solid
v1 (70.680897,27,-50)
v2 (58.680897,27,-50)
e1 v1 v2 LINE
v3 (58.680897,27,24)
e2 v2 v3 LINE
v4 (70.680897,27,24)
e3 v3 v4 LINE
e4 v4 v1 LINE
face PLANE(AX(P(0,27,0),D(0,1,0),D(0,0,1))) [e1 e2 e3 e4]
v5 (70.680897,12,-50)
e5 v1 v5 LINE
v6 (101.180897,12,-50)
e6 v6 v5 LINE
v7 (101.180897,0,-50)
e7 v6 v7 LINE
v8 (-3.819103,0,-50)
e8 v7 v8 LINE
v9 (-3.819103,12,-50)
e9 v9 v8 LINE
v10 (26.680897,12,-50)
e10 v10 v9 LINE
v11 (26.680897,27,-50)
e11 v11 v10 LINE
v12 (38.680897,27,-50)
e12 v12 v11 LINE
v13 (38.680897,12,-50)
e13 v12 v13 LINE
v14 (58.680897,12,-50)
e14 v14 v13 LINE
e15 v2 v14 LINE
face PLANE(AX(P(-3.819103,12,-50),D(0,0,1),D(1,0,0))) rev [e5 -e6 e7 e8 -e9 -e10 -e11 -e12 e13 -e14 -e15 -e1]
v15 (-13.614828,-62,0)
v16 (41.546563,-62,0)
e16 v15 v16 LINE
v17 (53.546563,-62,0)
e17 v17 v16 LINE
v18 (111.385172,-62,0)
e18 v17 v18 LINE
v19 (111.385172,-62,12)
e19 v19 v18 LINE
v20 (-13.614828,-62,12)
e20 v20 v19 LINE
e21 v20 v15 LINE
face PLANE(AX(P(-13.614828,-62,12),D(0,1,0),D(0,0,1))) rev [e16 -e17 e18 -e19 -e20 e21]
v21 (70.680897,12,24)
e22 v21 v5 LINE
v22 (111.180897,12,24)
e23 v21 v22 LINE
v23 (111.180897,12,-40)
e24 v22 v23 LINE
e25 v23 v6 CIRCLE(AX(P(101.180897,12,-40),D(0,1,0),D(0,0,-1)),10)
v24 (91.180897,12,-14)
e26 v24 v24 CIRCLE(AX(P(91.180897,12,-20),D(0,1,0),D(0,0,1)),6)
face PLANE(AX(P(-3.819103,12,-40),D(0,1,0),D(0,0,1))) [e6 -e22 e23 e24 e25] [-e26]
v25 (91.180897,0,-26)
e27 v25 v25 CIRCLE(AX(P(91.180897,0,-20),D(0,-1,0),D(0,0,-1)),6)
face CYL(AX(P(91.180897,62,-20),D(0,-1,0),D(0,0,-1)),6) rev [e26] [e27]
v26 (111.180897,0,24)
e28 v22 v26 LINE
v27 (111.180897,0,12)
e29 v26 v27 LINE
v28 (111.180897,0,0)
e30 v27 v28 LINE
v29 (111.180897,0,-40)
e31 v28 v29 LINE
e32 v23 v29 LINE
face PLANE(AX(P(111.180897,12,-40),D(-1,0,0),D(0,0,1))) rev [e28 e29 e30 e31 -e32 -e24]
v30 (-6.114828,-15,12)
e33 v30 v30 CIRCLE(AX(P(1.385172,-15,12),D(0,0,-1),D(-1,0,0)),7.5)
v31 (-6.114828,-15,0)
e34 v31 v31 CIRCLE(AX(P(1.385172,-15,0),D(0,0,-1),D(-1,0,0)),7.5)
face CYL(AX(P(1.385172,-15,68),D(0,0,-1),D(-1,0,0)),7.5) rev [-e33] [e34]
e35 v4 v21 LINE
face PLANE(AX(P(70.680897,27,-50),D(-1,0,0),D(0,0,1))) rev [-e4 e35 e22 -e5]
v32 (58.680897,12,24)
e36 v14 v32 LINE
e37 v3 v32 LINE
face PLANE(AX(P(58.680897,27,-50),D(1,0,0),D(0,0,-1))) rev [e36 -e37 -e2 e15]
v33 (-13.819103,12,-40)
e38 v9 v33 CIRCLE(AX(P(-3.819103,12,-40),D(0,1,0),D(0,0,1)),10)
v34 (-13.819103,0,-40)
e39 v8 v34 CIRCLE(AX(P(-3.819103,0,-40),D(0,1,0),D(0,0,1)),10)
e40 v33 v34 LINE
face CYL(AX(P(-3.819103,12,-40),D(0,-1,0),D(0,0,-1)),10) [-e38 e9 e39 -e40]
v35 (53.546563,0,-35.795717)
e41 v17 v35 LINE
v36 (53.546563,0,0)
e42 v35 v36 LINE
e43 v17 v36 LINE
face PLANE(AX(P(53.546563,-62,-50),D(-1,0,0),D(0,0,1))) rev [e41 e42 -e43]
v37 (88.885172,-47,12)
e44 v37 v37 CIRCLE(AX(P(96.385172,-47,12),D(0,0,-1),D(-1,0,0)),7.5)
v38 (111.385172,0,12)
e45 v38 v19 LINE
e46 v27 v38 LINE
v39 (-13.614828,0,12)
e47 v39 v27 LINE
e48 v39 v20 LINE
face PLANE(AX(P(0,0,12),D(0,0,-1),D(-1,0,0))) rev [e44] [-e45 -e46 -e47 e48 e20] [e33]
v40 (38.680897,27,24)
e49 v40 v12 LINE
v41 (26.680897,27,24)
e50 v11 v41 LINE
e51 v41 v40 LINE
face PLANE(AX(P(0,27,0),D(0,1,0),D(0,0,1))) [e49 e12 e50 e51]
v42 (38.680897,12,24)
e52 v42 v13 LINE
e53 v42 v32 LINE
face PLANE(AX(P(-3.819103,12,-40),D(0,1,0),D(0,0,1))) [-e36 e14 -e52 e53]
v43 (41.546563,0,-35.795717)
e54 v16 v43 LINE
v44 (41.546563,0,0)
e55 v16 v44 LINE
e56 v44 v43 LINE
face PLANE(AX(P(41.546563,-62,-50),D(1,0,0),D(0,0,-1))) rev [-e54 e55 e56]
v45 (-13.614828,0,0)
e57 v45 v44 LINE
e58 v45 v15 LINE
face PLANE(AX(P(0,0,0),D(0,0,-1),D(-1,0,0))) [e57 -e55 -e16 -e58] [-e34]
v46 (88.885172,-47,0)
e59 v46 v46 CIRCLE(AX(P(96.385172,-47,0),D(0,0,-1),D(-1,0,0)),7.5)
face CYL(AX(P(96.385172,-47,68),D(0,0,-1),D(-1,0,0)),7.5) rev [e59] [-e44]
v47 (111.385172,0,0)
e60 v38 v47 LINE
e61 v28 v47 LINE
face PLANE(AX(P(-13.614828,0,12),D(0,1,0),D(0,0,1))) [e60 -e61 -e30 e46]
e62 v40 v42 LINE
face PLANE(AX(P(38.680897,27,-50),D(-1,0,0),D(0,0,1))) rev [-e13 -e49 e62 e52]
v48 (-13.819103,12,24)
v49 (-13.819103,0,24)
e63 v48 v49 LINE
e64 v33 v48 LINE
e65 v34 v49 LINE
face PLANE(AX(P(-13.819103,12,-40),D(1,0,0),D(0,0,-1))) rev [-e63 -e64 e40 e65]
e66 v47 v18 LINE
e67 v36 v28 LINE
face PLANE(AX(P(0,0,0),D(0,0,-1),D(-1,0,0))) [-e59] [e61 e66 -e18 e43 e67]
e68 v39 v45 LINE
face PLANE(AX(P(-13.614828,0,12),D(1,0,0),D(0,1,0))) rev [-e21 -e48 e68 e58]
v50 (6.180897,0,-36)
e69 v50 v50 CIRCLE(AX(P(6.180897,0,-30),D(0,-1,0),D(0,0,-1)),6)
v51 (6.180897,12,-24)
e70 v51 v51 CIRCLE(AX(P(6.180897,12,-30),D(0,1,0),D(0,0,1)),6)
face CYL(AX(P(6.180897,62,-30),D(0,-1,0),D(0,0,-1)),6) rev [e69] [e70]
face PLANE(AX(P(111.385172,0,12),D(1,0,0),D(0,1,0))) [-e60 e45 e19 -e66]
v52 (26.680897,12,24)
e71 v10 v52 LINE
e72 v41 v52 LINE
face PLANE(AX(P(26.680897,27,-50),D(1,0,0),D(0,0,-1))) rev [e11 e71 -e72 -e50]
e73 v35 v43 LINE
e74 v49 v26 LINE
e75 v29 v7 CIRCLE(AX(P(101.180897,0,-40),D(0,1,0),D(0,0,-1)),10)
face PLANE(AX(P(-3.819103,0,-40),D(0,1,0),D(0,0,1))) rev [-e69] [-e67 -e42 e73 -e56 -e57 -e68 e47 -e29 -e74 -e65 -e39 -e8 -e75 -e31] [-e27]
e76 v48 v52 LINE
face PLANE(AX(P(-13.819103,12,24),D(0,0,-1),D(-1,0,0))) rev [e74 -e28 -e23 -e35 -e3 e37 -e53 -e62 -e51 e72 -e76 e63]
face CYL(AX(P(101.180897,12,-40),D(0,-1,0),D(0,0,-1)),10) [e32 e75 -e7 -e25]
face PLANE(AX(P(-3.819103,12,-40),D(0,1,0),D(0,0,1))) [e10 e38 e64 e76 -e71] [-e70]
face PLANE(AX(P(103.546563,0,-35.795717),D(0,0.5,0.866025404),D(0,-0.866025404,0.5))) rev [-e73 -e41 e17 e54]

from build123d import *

# Parameters (mm, degrees)
SKETCH1_W           = 125
SKETCH1_H           = 62
BOSS_EXTRUDE1_DEPTH = 12
BOSS_EXTRUDE5_DEPTH = 12
SKETCH6_R           = 7.5
CUT_EXTRUDE2_DEPTH  = 68
SKETCH8_W           = 12
SKETCH8_H           = 74
BOSS_EXTRUDE6_DEPTH = 15
SKETCH10_W          = 12
SKETCH10_H          = 50
BOSS_EXTRUDE7_DEPTH = 62
CUT_EXTRUDE3_DEPTH  = 62
SKETCH12_R          = 6
CUT_EXTRUDE4_DEPTH  = 62


with BuildPart() as part:
    # Sketch1 → Boss-Extrude1 (new body)
    with BuildSketch(Plane.XY):
        with Locations((48.885172376, -31)):
            Rectangle(SKETCH1_W, SKETCH1_H)
    extrude(amount=BOSS_EXTRUDE1_DEPTH)

    # Sketch5 → Boss-Extrude5 (add)
    with BuildSketch(Plane(origin=(0, 0, 0), x_dir=(1, 0, 0), z_dir=(0, 1, 0))):
        with BuildLine():
            Line((-3.819103259, 50), (101.180896741, 50))
            ThreePointArc((101.180896741, 50), (108.251964553, 47.071067812), (111.180896741, 40))
            Line((111.180896741, 40), (111.180896741, -24))
            Line((111.180896741, -24), (-13.819103259, -24))
            Line((-13.819103259, -24), (-13.819103259, 40))
            ThreePointArc((-13.819103259, 40), (-10.890171071, 47.071067812), (-3.819103259, 50))
        make_face()
    extrude(amount=BOSS_EXTRUDE5_DEPTH)

    # Sketch6 → Cut-Extrude2 (cut)
    with BuildSketch(Plane(origin=(0, 0, 0), x_dir=(-1, 0, 0), z_dir=(0, 0, -1))):
        with Locations((-96.385172376, -47)):
            Circle(SKETCH6_R)
        with Locations((-1.385172376, -15)):
            Circle(SKETCH6_R)
    extrude(amount=-CUT_EXTRUDE2_DEPTH, mode=Mode.SUBTRACT)

    # Sketch8 → Boss-Extrude6 (add)
    with BuildSketch(Plane(origin=(0, 12, 0), x_dir=(1, 0, 0), z_dir=(0, 1, 0))):
        with Locations((32.680896741, 13)):
            Rectangle(SKETCH8_W, SKETCH8_H)
        with Locations((64.680896741, 13)):
            Rectangle(SKETCH8_W, SKETCH8_H)
    extrude(amount=BOSS_EXTRUDE6_DEPTH)

    # Sketch10 → Boss-Extrude7 (add)
    with BuildSketch(Plane.XZ):
        with Locations((47.546562927, -25)):
            Rectangle(SKETCH10_W, SKETCH10_H)
    extrude(amount=BOSS_EXTRUDE7_DEPTH)

    # Sketch11 → Cut-Extrude3 (cut)
    with BuildSketch(Plane.ZY.offset(-41.546562927)):
        Polygon((-35.79571669, 0), (0, -62), (-50, -62), (-50, 0), align=None)
    extrude(amount=-CUT_EXTRUDE3_DEPTH, mode=Mode.SUBTRACT)

    # Sketch12 → Cut-Extrude4 (cut)
    with BuildSketch(Plane.XZ):
        with Locations(Location((6.180896741, -30, 0), (0, 0, 270))):
            Circle(SKETCH12_R)
        with Locations(Location((91.180896741, -20, 0), (0, 0, 270))):
            Circle(SKETCH12_R)
    extrude(amount=-CUT_EXTRUDE4_DEPTH, mode=Mode.SUBTRACT)


solid = part.part
